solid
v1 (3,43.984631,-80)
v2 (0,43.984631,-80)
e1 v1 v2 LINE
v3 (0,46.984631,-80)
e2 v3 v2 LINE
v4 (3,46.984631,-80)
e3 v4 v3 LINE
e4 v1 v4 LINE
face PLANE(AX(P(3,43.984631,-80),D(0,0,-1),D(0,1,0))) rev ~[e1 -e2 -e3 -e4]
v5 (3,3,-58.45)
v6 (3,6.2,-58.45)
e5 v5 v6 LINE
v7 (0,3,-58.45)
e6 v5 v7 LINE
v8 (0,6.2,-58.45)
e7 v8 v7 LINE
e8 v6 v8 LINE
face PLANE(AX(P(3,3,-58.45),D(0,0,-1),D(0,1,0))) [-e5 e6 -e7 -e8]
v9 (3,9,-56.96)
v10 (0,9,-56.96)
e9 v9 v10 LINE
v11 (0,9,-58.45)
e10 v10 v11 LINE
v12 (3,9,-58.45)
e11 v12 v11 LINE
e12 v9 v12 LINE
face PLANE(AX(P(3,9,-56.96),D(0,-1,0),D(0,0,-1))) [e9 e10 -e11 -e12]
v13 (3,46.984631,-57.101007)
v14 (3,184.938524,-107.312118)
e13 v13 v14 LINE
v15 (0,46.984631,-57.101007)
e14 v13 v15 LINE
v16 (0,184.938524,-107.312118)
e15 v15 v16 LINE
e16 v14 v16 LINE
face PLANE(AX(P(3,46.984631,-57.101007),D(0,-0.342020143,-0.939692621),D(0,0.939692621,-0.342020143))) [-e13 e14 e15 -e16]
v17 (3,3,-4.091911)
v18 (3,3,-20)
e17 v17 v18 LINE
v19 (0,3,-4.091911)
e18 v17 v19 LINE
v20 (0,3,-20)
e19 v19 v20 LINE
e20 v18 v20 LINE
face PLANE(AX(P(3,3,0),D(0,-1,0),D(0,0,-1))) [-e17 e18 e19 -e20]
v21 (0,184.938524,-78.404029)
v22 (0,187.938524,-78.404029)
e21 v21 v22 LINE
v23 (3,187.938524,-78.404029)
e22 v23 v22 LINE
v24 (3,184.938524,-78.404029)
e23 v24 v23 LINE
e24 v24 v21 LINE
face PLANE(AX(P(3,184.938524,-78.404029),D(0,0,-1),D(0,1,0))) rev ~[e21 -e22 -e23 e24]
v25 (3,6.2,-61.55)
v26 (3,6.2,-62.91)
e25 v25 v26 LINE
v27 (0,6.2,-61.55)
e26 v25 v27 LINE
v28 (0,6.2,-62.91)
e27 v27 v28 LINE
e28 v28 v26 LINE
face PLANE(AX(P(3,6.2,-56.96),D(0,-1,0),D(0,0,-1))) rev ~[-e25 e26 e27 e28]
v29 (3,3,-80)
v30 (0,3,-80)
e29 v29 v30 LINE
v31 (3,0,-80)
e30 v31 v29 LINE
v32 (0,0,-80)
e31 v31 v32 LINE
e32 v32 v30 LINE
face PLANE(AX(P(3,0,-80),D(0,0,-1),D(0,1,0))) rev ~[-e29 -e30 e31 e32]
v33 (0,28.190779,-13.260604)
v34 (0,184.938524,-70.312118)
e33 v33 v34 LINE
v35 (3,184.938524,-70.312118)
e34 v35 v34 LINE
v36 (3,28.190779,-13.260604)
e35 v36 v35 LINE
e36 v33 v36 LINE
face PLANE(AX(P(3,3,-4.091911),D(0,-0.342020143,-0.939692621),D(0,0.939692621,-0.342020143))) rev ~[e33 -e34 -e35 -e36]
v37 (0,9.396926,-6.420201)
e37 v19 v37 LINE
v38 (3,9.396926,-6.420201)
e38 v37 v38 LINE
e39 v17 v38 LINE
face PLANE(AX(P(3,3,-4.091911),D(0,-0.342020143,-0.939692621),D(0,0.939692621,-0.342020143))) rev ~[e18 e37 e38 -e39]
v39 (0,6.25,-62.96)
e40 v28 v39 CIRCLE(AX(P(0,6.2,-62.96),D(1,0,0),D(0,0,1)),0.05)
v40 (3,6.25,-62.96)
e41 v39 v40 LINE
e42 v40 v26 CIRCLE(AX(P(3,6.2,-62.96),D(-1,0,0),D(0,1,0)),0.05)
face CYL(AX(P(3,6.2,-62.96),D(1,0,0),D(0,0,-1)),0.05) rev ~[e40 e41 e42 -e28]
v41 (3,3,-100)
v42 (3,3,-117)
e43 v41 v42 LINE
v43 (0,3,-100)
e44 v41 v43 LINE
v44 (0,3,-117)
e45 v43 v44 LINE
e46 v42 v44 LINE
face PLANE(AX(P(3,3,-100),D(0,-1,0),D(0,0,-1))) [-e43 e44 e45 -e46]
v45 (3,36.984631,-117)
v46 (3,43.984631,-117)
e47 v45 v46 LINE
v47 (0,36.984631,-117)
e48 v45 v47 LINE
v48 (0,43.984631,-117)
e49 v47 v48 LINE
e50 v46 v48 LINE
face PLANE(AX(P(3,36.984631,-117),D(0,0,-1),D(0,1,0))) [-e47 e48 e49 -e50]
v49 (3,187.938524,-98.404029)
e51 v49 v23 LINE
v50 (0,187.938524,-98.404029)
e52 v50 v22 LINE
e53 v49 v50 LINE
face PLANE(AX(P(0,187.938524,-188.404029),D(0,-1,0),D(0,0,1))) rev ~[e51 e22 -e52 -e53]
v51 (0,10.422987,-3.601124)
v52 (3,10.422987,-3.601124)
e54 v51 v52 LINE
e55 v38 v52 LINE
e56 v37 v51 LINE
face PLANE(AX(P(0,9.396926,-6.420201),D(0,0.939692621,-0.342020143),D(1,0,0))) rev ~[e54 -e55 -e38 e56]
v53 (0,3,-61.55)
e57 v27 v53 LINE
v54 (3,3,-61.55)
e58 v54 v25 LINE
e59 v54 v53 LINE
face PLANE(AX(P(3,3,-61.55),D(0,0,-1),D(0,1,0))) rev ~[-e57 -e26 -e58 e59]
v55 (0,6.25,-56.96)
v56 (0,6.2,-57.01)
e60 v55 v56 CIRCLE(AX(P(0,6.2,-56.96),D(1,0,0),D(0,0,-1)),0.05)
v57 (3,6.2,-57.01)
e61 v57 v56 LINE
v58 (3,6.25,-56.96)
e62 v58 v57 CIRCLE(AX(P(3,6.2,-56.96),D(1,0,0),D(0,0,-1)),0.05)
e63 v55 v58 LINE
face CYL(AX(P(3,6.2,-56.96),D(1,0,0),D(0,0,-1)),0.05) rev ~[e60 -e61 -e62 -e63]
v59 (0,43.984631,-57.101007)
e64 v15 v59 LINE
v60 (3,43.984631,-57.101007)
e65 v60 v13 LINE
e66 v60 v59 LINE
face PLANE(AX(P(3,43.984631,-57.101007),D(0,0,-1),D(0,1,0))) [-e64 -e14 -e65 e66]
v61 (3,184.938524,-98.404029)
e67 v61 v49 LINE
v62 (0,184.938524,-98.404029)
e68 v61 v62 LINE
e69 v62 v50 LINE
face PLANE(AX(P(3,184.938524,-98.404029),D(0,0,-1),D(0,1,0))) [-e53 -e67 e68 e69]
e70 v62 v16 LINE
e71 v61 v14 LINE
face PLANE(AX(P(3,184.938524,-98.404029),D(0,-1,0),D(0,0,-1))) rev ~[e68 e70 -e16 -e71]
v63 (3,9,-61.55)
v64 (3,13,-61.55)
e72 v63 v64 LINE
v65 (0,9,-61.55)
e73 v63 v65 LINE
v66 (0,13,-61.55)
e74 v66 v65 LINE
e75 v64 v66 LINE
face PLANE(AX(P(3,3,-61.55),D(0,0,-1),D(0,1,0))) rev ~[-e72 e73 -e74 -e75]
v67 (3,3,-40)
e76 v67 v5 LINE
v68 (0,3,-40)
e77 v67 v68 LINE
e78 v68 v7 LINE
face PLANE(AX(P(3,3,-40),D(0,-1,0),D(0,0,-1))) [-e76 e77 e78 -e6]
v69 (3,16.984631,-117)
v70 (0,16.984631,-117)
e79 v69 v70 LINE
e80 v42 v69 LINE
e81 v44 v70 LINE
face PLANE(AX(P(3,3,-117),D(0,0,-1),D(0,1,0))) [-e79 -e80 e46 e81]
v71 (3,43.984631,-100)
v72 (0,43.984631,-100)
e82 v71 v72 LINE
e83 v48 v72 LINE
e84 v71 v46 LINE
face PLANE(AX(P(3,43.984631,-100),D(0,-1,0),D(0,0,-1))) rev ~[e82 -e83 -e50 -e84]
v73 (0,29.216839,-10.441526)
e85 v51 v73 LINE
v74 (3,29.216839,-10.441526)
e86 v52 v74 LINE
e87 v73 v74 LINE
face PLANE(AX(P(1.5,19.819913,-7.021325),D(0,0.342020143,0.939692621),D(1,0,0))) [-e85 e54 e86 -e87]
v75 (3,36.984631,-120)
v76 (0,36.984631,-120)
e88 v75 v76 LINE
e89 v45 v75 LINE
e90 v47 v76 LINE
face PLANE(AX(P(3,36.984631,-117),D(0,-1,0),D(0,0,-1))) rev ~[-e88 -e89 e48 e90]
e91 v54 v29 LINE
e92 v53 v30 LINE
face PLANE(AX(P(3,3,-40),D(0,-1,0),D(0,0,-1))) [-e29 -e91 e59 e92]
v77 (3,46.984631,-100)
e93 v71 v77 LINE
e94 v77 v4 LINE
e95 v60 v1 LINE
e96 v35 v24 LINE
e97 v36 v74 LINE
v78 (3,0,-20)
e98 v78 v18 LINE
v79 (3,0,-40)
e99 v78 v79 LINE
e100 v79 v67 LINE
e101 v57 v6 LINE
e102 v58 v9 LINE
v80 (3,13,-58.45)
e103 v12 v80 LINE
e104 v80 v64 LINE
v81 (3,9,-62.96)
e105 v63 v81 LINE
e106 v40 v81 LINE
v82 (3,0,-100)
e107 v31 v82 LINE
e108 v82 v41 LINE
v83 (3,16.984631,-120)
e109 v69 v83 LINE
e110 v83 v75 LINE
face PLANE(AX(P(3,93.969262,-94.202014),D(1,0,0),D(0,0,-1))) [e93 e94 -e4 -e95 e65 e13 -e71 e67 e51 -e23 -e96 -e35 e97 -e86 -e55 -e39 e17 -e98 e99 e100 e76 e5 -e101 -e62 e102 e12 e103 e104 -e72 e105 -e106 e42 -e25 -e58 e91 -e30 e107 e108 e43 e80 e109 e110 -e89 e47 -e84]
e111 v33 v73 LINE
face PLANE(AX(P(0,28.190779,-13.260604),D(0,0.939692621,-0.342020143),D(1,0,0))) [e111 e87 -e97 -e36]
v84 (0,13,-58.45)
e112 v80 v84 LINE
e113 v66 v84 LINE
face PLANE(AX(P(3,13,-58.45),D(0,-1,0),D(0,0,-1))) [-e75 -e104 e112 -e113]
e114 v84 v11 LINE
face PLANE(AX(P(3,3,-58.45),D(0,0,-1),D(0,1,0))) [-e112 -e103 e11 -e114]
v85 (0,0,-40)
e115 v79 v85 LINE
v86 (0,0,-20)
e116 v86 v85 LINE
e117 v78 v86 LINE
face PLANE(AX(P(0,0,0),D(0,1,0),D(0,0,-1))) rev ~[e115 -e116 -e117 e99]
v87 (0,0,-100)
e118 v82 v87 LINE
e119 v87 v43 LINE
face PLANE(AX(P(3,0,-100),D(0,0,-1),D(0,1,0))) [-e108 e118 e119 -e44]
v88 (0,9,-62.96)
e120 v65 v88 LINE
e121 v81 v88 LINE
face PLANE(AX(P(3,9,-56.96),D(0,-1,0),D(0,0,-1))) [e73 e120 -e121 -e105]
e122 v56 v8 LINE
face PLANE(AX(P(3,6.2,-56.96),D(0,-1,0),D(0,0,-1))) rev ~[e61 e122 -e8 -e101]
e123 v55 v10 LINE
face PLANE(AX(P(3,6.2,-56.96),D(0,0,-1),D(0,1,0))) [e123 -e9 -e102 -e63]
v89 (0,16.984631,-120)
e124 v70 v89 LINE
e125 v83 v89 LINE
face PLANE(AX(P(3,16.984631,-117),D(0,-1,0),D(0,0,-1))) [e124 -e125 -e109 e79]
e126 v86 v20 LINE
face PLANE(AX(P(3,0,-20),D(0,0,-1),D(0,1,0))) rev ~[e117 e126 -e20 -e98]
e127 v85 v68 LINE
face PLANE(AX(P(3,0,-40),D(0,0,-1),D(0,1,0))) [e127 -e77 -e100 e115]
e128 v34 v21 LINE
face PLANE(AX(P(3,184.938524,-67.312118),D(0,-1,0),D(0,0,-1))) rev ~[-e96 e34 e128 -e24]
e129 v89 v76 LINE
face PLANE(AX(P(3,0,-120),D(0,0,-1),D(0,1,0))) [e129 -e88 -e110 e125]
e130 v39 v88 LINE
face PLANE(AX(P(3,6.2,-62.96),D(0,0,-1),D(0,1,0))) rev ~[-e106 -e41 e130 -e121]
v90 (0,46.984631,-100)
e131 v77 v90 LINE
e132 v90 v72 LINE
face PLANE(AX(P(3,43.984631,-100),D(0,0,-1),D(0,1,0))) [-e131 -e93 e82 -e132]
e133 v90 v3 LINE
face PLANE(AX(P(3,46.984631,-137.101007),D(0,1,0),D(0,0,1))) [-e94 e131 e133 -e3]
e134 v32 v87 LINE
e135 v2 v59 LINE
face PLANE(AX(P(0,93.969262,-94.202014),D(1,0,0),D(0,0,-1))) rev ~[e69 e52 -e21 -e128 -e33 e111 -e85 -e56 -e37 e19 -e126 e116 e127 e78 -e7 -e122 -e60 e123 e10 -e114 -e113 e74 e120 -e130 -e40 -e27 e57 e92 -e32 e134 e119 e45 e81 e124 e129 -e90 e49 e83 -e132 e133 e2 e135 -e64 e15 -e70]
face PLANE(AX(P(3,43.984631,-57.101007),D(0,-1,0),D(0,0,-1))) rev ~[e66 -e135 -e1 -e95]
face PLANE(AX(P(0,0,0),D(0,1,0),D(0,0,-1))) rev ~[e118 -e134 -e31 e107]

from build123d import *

# Parameters (mm, degrees)
BOSS_EXTRUDE1_DEPTH = 3
CUT_EXTRUDE1_DEPTH  = 267.131484195
SKETCH3_W           = 29.976768642
SKETCH3_H           = 52.268511193
CUT_EXTRUDE2_DEPTH  = 233.651187464
SKETCH5_W           = 11.091910703
SKETCH5_H           = 3
SKETCH5_W_2         = 10
CUT_EXTRUDE4_DEPTH  = 224.001992956
SKETCH6_W           = 20
SKETCH6_H           = 3
CUT_EXTRUDE5_DEPTH  = 224.001992956
SKETCH7_W           = 40
SKETCH7_H           = 3
CUT_EXTRUDE6_DEPTH  = 224.001992956
CUT_EXTRUDE7_REACH  = 225.002
SKETCH8_W           = 20
SKETCH8_H           = 3
CUT_EXTRUDE8_REACH  = 225.002
SKETCH9_W           = 22.898992834
SKETCH9_H           = 3
SKETCH10_W          = 3
SKETCH10_H          = 7
SKETCH10_H_2        = 13.984631039
CUT_EXTRUDE9_DEPTH  = 224.001992956
CUT_EXTRUDE10_DEPTH = 10
SKETCH13_W          = 3
SKETCH13_H          = 20
BOSS_EXTRUDE2_DEPTH = 3
CUT_EXTRUDE11_REACH = 225.002
SKETCH14_W          = 3.1
SKETCH14_H          = 10
SKETCH15_W          = 6
SKETCH15_H          = 2.8
CUT_EXTRUDE12_DEPTH = 224.001992956
SKETCH16_R          = 0.05
CUT_EXTRUDE13_DEPTH = 224.001992956
SKETCH17_R          = 0.05
CUT_EXTRUDE14_DEPTH = 10


with BuildPart() as part:
    # Sketch1 → Boss-Extrude1 (new body)
    with BuildSketch(Plane(origin=(0, 0, 0), x_dir=(0, 0, -1), z_dir=(1, 0, 0))):
        Polygon((0, 0), (120, 0), (188.404028665, 187.938524157), (68.404028665, 187.938524157), align=None)
    extrude(amount=BOSS_EXTRUDE1_DEPTH)

    # Sketch2 → Cut-Extrude1 (cut, through all)
    with BuildSketch(Plane(origin=(3, 0, 0), x_dir=(0, 0, -1), z_dir=(1, 0, 0))):
        Polygon((188.404028665, 187.938524157), (137.101007166, 46.984631039), (57.101007166, 46.984631039), (108.404028665, 187.938524157), align=None)
    extrude(amount=-CUT_EXTRUDE1_DEPTH, mode=Mode.SUBTRACT)

    # Sketch3 → Cut-Extrude2 (cut, through all)
    with BuildSketch(Plane(origin=(3, 0, 0), x_dir=(0, 0, -1), z_dir=(1, 0, 0))):
        with Locations((134.988384321, 26.134255597)):
            Rectangle(SKETCH3_W, SKETCH3_H)
    extrude(amount=-CUT_EXTRUDE2_DEPTH, mode=Mode.SUBTRACT)

    # Sketch5 → Cut-Extrude4 (cut, through all)
    with BuildSketch(Plane(origin=(3, 0, 0), x_dir=(0, 0, -1), z_dir=(1, 0, 0))):
        with Locations((72.858073314, 186.438524157)):
            Rectangle(SKETCH5_W, SKETCH5_H)
        with Locations((103.404028665, 186.438524157)):
            Rectangle(SKETCH5_W_2, SKETCH5_H)
    extrude(amount=-CUT_EXTRUDE4_DEPTH, mode=Mode.SUBTRACT)

    # Sketch6 → Cut-Extrude5 (cut, through all)
    with BuildSketch(Plane(origin=(3, 0, 0), x_dir=(0, 0, -1), z_dir=(1, 0, 0))):
        with Locations((110, 1.5)):
            Rectangle(SKETCH6_W, SKETCH6_H)
        with Locations((10, 1.5)):
            Rectangle(SKETCH6_W, SKETCH6_H)
    extrude(amount=-CUT_EXTRUDE5_DEPTH, mode=Mode.SUBTRACT)

    # Sketch7 → Cut-Extrude6 (cut, through all)
    with BuildSketch(Plane(origin=(3, 0, 0), x_dir=(0, 0, -1), z_dir=(1, 0, 0))):
        with Locations((60, 1.5)):
            Rectangle(SKETCH7_W, SKETCH7_H)
    extrude(amount=-CUT_EXTRUDE6_DEPTH, mode=Mode.SUBTRACT)

    # Sketch8 → Cut-Extrude7 (cut, up to next)
    with BuildSketch(Plane(origin=(3, 0, 0), x_dir=(0, 0, -1), z_dir=(1, 0, 0)), mode=Mode.PRIVATE) as cut_extrude7_sk1:
        with Locations((110, 45.484631039)):
            Rectangle(SKETCH8_W, SKETCH8_H)
    cut_extrude7_tool1 = extrude(cut_extrude7_sk1.sketch, amount=-CUT_EXTRUDE7_REACH, mode=Mode.PRIVATE) & part.part
    add(cut_extrude7_tool1.solids().sort_by_distance((3, 45.484631, -110))[0], mode=Mode.SUBTRACT)

    # Sketch9 → Cut-Extrude8 (cut, up to next)
    with BuildSketch(Plane(origin=(3, 0, 0), x_dir=(0, 0, -1), z_dir=(1, 0, 0)), mode=Mode.PRIVATE) as cut_extrude8_sk1:
        with Locations((68.550503583, 45.484631039)):
            Rectangle(SKETCH9_W, SKETCH9_H)
    cut_extrude8_tool1 = extrude(cut_extrude8_sk1.sketch, amount=-CUT_EXTRUDE8_REACH, mode=Mode.PRIVATE) & part.part
    add(cut_extrude8_tool1.solids().sort_by_distance((3, 45.484631, -68.550504))[0], mode=Mode.SUBTRACT)

    # Sketch10 → Cut-Extrude9 (cut, through all)
    with BuildSketch(Plane(origin=(3, 0, 0), x_dir=(0, 0, -1), z_dir=(1, 0, 0))):
        with Locations((118.5, 40.484631039)):
            Rectangle(SKETCH10_W, SKETCH10_H)
        with Locations((118.5, 9.992315519)):
            Rectangle(SKETCH10_W, SKETCH10_H_2)
    extrude(amount=-CUT_EXTRUDE9_DEPTH, mode=Mode.SUBTRACT)

    # Sketch11 → Cut-Extrude10 (cut)
    with BuildSketch(Plane(origin=(3, 0, 0), x_dir=(0, 0, -1), z_dir=(1, 0, 0))):
        Polygon((67.312117962, 184.938524157), (1.091910703, 3), (4.091910703, 3), (70.312117962, 184.938524157), align=None)
    extrude(amount=-CUT_EXTRUDE10_DEPTH, mode=Mode.SUBTRACT)

    # Sketch13 → Boss-Extrude2 (add)
    with BuildSketch(Plane(origin=(0, -0.964181415, -2.649066665), x_dir=(1, 0, 0), z_dir=(0, 0.3420201433256657, 0.9396926207859095))):
        with Locations((1.5, 21.02606043)):
            Rectangle(SKETCH13_W, SKETCH13_H)
    extrude(amount=BOSS_EXTRUDE2_DEPTH)

    # Sketch14 → Cut-Extrude11 (cut, up to next)
    with BuildSketch(Plane(origin=(3, 0, 0), x_dir=(0, 0, -1), z_dir=(1, 0, 0)), mode=Mode.PRIVATE) as cut_extrude11_sk1:
        with Locations((60, 8)):
            Rectangle(SKETCH14_W, SKETCH14_H)
    cut_extrude11_tool1 = extrude(cut_extrude11_sk1.sketch, amount=-CUT_EXTRUDE11_REACH, mode=Mode.PRIVATE) & part.part
    add(cut_extrude11_tool1.solids().sort_by_distance((3, 8, -60))[0], mode=Mode.SUBTRACT)

    # Sketch15 → Cut-Extrude12 (cut, through all)
    with BuildSketch(Plane(origin=(3, 0, 0), x_dir=(0, 0, -1), z_dir=(1, 0, 0))):
        with Locations((59.96, 7.6)):
            Rectangle(SKETCH15_W, SKETCH15_H)
    extrude(amount=-CUT_EXTRUDE12_DEPTH, mode=Mode.SUBTRACT)

    # Sketch16 → Cut-Extrude13 (cut, through all)
    with BuildSketch(Plane(origin=(3, 0, 0), x_dir=(0, 0, -1), z_dir=(1, 0, 0))):
        with Locations((56.96, 6.2)):
            Circle(SKETCH16_R)
    extrude(amount=-CUT_EXTRUDE13_DEPTH, mode=Mode.SUBTRACT)

    # Sketch17 → Cut-Extrude14 (cut)
    with BuildSketch(Plane(origin=(3, 0, 0), x_dir=(0, 0, -1), z_dir=(1, 0, 0))):
        with Locations((62.96, 6.2)):
            Circle(SKETCH17_R)
    extrude(amount=-CUT_EXTRUDE14_DEPTH, mode=Mode.SUBTRACT)


solid = part.part
